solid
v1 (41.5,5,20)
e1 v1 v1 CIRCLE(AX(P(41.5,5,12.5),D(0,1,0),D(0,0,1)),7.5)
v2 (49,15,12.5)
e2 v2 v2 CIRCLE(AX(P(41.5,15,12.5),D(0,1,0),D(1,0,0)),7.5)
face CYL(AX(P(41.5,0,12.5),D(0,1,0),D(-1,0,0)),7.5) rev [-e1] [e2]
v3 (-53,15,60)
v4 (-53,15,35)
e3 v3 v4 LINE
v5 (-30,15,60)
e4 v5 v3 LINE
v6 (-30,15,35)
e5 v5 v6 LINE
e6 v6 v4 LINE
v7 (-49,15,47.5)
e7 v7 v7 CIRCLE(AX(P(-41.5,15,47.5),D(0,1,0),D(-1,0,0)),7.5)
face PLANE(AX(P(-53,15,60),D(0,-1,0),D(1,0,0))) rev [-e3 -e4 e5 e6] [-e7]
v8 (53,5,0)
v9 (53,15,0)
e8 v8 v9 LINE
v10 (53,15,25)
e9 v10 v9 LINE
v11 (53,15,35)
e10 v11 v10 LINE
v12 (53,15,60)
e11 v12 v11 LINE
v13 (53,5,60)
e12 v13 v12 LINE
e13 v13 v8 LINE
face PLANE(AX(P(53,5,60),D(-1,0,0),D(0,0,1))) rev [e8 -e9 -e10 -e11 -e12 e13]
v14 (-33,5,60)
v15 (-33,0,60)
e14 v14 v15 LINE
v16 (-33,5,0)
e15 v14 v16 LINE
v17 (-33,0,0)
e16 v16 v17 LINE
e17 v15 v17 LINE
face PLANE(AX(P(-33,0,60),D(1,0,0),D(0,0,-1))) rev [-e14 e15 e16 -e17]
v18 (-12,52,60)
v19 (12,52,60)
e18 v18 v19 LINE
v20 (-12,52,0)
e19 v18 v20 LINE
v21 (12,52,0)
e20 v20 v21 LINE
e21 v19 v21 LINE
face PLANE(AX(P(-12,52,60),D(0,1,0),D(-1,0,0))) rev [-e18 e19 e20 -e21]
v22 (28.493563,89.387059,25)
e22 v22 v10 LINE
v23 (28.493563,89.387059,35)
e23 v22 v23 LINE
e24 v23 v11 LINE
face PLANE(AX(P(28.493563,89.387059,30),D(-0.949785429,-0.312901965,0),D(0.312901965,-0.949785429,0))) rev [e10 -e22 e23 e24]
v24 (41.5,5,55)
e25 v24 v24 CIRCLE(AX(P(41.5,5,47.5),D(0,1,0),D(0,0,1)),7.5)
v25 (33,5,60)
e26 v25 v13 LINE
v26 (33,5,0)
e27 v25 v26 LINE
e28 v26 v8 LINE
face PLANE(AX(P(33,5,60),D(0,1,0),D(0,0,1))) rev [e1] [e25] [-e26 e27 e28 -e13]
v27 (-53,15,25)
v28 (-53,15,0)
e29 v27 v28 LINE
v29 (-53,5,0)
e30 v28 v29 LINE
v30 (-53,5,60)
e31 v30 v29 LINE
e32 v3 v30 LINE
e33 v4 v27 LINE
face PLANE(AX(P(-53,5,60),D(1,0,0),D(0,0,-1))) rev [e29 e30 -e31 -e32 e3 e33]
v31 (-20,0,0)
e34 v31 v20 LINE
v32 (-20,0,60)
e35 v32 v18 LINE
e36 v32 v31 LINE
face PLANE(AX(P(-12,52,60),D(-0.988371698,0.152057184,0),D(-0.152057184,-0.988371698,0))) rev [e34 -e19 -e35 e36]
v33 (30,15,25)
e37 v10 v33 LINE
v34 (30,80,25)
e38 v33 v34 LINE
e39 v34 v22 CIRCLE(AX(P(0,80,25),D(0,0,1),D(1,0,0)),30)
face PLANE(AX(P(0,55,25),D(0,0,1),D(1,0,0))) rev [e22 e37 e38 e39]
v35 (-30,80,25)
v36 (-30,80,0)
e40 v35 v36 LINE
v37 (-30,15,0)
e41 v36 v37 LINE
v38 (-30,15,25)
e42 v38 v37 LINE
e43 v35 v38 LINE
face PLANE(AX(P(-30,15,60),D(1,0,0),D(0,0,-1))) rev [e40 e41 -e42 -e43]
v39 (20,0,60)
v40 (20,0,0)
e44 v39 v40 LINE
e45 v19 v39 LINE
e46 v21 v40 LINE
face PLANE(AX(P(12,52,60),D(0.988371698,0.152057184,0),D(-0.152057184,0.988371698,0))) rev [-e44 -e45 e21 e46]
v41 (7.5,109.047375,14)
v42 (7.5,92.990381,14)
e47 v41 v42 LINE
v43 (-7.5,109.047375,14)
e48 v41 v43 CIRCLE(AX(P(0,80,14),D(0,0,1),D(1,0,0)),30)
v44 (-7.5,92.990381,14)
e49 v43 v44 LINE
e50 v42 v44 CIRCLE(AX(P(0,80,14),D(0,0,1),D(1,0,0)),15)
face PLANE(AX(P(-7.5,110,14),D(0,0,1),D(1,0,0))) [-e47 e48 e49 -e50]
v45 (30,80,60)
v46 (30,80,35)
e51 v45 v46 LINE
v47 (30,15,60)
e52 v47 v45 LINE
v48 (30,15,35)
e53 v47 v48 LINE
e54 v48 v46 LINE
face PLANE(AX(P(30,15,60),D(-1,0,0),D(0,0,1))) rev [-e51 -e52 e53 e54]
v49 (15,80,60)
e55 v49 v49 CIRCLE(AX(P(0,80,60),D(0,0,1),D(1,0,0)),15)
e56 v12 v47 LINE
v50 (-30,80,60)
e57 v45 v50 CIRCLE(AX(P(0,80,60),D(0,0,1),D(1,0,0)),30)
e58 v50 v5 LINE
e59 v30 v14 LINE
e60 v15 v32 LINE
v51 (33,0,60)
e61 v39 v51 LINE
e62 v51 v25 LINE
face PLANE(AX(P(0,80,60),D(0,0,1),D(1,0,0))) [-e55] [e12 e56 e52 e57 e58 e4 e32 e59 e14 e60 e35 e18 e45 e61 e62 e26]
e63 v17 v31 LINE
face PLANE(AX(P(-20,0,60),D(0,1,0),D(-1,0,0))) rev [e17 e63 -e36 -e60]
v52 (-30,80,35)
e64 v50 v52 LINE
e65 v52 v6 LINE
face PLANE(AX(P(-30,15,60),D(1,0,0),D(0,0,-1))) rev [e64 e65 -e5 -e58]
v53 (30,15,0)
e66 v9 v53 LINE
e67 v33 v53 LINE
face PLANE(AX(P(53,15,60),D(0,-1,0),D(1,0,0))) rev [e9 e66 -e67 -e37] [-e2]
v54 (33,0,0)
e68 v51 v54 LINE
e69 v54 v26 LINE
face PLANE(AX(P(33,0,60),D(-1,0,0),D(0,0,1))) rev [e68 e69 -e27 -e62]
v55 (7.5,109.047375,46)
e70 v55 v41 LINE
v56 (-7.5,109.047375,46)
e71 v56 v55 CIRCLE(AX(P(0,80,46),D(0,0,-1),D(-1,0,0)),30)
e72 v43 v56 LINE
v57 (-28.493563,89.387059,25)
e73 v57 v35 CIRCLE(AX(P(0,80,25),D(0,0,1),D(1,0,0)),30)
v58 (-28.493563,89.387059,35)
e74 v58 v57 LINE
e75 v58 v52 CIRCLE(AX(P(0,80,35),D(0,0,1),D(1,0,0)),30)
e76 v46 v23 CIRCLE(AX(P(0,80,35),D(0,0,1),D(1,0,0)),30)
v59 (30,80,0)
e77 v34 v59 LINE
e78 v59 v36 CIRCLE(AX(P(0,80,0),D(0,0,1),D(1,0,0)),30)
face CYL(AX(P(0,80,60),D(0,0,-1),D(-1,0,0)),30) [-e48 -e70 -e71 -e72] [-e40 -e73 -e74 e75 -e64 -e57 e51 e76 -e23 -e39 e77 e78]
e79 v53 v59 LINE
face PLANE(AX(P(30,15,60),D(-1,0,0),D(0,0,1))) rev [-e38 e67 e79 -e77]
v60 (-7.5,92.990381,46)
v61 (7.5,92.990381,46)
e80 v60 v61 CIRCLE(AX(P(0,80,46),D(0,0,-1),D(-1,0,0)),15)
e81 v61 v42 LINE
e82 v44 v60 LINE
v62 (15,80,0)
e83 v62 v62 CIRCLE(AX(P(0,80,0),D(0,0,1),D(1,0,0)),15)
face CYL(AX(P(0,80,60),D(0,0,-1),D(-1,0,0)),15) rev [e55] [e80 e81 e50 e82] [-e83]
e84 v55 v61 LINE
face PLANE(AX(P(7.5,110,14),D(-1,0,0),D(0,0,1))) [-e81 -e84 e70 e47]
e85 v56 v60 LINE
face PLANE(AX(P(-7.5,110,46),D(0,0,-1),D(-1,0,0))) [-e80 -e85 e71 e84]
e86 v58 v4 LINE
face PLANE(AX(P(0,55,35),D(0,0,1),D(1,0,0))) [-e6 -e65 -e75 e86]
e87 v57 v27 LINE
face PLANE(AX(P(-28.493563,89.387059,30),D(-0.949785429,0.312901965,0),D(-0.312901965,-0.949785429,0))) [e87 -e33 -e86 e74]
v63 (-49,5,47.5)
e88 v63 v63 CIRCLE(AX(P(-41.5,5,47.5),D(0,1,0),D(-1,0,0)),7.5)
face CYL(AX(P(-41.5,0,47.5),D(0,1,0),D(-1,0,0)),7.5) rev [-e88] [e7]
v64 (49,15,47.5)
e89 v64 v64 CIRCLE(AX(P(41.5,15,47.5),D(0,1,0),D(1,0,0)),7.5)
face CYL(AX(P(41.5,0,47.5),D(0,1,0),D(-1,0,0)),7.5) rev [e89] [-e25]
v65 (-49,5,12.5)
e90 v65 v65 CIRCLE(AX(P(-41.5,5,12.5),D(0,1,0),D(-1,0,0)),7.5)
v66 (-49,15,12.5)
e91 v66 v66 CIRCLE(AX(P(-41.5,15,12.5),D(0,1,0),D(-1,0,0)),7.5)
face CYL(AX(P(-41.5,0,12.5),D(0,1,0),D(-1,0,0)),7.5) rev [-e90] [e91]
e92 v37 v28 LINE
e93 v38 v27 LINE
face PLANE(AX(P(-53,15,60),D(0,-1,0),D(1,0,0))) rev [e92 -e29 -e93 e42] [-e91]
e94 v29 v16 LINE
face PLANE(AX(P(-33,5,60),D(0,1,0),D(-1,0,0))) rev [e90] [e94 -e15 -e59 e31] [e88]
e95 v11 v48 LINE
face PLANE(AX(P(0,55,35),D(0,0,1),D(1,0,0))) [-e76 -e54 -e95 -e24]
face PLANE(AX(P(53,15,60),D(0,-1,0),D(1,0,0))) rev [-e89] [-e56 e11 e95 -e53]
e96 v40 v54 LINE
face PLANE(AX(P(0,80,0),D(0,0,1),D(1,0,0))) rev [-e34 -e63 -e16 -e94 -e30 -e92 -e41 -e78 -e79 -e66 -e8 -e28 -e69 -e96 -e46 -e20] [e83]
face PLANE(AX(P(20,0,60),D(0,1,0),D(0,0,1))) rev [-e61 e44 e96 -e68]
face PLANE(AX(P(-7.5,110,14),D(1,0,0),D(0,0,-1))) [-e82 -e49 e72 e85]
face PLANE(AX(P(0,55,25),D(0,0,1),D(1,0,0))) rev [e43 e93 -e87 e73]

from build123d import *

# Parameters (mm, degrees)
SKETCH1_R           = 15
BOSS_EXTRUDE1_DEPTH = 60
SKETCH2_R           = 7.5
CUT_EXTRUDE1_DEPTH  = 125.233650836
SKETCH3_W           = 15
SKETCH3_H           = 32
CUT_EXTRUDE2_DEPTH  = 114.176852757
RIB3_REACH          = 127.734
SKETCH4_WALL_W      = 331.787548758
SKETCH4_WALL_H      = 10


with BuildPart() as part:
    # Sketch1 → Boss-Extrude1 (new body)
    with BuildSketch(Plane.XY):
        with BuildLine():
            Line((-12, 52), (12, 52))
            Line((12, 52), (20, 0))
            Line((20, 0), (33, 0))
            Line((33, 0), (33, 5))
            Line((33, 5), (53, 5))
            Line((53, 5), (53, 15))
            Line((53, 15), (30, 15))
            Line((30, 15), (30, 80))
            ThreePointArc((30, 80), (0, 110), (-30, 80))
            Line((-30, 80), (-30, 15))
            Line((-30, 15), (-53, 15))
            Line((-53, 15), (-53, 5))
            Line((-53, 5), (-33, 5))
            Line((-33, 5), (-33, 0))
            Line((-33, 0), (-20, 0))
            Line((-20, 0), (-12, 52))
        make_face()
        with Locations((0, 80)):
            Circle(SKETCH1_R, mode=Mode.SUBTRACT)
    extrude(amount=BOSS_EXTRUDE1_DEPTH)

    # Sketch2 → Cut-Extrude1 (cut, through all)
    with BuildSketch(Plane(origin=(0, 15, 0), x_dir=(1, 0, 0), z_dir=(0, 1, 0))):
        with Locations(Location((-41.5, -12.5, 0), (0, 0, 180))):
            Circle(SKETCH2_R)
        with Locations(Location((-41.5, -47.5, 0), (0, 0, 180))):
            Circle(SKETCH2_R)
        with Locations(Location((41.5, -47.5, 0), (0, 0, 270))):
            Circle(SKETCH2_R)
        with Locations(Location((41.5, -12.5, 0), (0, 0, 270))):
            Circle(SKETCH2_R)
    extrude(amount=-CUT_EXTRUDE1_DEPTH, mode=Mode.SUBTRACT)

    # Sketch3 → Cut-Extrude2 (cut, through all)
    with BuildSketch(Plane(origin=(0, 80, 0), x_dir=(1, 0, 0), z_dir=(0, 1, 0))):
        with Locations((0, -30)):
            Rectangle(SKETCH3_W, SKETCH3_H)
    extrude(amount=CUT_EXTRUDE2_DEPTH, mode=Mode.SUBTRACT)

    # Sketch4 wall → Rib3 (add, up to next)
    with BuildSketch(Plane(origin=(40.746781429, 52.193529473, 30), x_dir=(0.312901964861, -0.949785428603, 0), z_dir=(0.949785428603, 0.312901964861, 0)), mode=Mode.PRIVATE) as rib3_sk1:
        Rectangle(SKETCH4_WALL_W, SKETCH4_WALL_H)
    rib3_tool1 = extrude(rib3_sk1.sketch, amount=-RIB3_REACH, mode=Mode.PRIVATE) - part.part
    rib3 = rib3_tool1.solids().sort_by_distance((40.746781429, 52.193529473, 30))[0]
    add(rib3)

    # Mirror1: Rib3 across plane
    add(rib3.mirror(Plane(origin=(0, 0, 0), x_dir=(0, 0, 1), z_dir=(1, 0, 0))))


solid = part.part
